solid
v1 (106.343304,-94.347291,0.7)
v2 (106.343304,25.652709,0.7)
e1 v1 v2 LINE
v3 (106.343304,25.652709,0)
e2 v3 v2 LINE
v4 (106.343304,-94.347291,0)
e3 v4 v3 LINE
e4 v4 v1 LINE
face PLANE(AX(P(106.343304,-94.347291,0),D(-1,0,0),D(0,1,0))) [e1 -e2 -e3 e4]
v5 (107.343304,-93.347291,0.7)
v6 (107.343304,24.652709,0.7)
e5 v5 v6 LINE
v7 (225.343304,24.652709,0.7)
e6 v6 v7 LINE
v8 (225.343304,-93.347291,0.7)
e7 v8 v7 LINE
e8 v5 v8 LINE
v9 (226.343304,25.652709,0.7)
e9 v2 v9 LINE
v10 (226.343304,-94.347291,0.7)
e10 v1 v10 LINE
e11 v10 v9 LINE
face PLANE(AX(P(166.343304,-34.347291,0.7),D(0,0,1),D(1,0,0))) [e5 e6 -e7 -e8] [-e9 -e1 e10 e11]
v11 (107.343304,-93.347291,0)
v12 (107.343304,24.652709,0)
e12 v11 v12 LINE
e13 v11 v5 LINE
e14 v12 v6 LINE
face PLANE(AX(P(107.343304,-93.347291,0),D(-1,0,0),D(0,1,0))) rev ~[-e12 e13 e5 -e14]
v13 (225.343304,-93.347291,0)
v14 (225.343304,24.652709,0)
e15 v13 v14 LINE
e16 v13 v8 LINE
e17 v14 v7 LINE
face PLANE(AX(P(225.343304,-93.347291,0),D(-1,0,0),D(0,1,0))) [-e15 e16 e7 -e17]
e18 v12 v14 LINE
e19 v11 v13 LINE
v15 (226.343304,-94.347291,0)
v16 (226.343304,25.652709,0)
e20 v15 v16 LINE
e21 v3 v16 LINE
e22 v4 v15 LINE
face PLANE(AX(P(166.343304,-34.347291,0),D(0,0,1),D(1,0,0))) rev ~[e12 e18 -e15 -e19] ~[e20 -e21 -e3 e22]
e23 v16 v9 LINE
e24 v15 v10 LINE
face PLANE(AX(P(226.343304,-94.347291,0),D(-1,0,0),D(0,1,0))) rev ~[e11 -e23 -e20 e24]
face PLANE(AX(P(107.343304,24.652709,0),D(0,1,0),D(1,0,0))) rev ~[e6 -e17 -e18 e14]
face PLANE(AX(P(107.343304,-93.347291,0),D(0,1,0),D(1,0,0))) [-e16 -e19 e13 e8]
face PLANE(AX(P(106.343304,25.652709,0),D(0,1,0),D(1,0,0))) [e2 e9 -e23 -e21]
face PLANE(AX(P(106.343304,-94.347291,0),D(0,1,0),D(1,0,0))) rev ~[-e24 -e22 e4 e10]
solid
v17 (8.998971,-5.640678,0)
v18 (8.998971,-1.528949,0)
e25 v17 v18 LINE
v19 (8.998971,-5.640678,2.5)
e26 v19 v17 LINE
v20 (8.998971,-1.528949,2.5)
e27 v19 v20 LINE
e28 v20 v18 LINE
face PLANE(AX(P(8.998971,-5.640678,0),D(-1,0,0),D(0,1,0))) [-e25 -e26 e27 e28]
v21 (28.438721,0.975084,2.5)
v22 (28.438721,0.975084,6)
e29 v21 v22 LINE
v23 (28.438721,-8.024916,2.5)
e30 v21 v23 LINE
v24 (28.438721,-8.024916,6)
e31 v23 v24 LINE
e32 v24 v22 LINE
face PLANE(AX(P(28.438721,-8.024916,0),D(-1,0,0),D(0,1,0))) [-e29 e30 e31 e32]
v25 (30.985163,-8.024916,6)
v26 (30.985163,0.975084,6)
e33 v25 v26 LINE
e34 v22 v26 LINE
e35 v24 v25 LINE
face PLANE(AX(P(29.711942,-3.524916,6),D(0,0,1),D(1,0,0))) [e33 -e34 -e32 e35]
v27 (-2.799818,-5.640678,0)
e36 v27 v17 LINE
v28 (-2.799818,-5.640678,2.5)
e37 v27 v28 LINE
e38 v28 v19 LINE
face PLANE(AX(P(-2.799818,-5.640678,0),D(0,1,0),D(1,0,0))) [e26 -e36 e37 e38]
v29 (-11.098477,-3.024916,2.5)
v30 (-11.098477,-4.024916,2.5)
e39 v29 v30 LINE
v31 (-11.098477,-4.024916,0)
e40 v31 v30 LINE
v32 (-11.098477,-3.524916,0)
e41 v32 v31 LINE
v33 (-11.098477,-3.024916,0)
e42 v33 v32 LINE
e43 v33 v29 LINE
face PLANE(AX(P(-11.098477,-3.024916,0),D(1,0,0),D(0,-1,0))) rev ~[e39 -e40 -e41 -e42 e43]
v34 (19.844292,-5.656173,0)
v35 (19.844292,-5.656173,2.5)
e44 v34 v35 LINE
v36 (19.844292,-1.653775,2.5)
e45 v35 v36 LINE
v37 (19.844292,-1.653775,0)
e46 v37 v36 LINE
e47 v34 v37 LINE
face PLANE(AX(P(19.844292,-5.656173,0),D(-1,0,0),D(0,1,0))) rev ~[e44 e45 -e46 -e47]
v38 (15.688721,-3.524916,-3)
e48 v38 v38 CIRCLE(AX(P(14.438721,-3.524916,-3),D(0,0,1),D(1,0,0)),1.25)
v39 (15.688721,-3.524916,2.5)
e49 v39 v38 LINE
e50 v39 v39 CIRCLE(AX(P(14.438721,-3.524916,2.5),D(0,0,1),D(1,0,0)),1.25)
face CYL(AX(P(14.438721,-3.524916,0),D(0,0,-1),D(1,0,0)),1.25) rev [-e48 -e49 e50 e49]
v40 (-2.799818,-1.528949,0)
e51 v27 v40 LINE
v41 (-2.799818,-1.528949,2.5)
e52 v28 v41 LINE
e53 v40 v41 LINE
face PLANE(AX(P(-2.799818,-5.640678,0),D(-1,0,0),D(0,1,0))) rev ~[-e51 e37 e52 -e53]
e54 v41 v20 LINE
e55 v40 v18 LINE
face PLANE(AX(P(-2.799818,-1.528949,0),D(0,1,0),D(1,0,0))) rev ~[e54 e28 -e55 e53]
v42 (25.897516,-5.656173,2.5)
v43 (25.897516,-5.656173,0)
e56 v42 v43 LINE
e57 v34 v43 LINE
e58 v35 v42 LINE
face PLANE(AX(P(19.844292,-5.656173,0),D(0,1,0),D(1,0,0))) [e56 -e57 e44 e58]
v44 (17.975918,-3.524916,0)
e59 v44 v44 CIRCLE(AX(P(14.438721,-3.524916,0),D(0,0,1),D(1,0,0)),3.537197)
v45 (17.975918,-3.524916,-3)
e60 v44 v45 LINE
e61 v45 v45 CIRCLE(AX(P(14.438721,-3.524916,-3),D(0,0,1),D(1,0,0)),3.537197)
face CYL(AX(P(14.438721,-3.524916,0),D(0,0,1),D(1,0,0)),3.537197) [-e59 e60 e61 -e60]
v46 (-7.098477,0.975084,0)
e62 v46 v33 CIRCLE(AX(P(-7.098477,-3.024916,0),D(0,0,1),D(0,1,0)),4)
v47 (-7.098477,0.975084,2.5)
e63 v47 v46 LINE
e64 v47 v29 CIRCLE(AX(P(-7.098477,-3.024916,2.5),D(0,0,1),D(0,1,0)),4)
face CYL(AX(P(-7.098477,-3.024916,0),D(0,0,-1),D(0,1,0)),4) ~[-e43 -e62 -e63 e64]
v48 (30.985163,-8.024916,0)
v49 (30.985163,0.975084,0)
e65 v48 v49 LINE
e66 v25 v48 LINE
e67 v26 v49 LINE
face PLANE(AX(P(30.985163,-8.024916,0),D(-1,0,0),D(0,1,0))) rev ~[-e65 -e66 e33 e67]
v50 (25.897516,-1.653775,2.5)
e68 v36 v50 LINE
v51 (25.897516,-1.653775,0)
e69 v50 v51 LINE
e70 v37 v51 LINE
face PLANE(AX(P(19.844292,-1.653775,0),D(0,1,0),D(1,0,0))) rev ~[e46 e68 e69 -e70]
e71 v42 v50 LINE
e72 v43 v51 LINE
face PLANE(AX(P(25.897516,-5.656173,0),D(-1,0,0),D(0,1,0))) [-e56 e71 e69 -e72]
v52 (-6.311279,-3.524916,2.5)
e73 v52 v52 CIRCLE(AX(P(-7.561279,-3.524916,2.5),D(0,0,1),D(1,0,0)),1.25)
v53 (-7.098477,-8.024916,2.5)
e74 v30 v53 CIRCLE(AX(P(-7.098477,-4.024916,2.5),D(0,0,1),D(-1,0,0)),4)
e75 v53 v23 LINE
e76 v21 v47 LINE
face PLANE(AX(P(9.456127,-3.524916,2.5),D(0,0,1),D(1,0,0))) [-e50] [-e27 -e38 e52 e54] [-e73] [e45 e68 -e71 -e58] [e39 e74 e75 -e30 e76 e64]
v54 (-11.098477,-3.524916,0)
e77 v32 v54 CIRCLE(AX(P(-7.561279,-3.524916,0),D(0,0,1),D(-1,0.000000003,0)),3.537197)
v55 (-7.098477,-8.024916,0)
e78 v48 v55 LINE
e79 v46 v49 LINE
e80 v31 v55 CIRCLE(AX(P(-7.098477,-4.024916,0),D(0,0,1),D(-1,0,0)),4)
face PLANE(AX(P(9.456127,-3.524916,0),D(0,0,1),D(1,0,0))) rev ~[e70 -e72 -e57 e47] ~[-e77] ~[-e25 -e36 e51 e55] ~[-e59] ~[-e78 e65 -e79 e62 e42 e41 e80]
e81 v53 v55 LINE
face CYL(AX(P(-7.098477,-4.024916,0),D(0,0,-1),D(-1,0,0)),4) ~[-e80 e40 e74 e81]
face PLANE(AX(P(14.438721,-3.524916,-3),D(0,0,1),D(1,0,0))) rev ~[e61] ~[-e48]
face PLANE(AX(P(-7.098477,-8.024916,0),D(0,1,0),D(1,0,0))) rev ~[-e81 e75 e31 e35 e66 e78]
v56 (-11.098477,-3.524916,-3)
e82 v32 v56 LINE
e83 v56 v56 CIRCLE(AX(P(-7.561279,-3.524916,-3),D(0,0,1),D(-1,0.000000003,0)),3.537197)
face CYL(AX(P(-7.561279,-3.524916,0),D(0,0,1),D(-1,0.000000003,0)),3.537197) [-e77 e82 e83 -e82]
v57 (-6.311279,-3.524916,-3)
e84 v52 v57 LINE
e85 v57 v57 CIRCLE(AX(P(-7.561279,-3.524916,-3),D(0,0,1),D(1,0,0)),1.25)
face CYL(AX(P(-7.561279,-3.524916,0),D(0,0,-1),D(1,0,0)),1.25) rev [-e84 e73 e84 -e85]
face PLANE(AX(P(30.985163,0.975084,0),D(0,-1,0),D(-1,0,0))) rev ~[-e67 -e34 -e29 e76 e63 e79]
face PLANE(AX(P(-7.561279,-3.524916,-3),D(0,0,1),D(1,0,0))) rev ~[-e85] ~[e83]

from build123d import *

# Parameters (mm, degrees)
F0_W     = 11.7987894919
F0_H     = 4.111728631
F0_R     = 3.5371973142
F0_W_2   = 6.053224206
F0_H_2   = 4.0023974143
F0_W_3   = 2.5464419901
F0_H_3   = 9
F0_R_2   = 1.25
F1_DEPTH = 2.5
F2_DEPTH = 3
F3_DEPTH = 6
F4_DEPTH = 0.7
F0_W_4   = 120
F0_H_4   = 120
F0_W_5   = 118
F0_H_5   = 118


with BuildPart() as f1:
    # F0 (on Top) → F1 (new body)
    with BuildSketch(Plane.XY):
        with BuildLine():
            Line((28.4387205392, -8.0249160528), (28.4387205392, 0.9750839472))
            Line((28.4387205392, 0.9750839472), (-7.098476775, 0.9750839472))
            ThreePointArc((-7.098476775, 0.9750839472), (-9.9269038998, -0.1964889281), (-11.098476775, -3.0249160528))
            Line((-11.098476775, -3.0249160528), (-11.098476775, -3.524916043))
            Line((-11.098476775, -3.524916043), (-11.098476775, -4.0249160528))
            ThreePointArc((-11.098476775, -4.0249160528), (-9.9269038998, -6.8533431776), (-7.098476775, -8.0249160528))
            Line((-7.098476775, -8.0249160528), (28.4387205392, -8.0249160528))
        make_face()
        with BuildLine():
            ThreePointArc((-4.0240821465, -3.5249160528), (-7.5612794657, -7.0621133671), (-11.098476775, -3.524916043))
            ThreePointArc((-11.098476775, -3.524916043), (-7.5612794559, 0.0122812614), (-4.0240821465, -3.5249160528))
        make_face(mode=Mode.SUBTRACT)
        with Locations((3.0995766865, -3.5848133266)):
            Rectangle(F0_W, F0_H, mode=Mode.SUBTRACT)
        with Locations((14.4387205392, -3.5249160528)):
            Circle(F0_R, mode=Mode.SUBTRACT)
        with Locations((22.8709038347, -3.6549738143)):
            Rectangle(F0_W_2, F0_H_2, mode=Mode.SUBTRACT)
        with Locations((29.7119415343, -3.5249160528)):
            Rectangle(F0_W_3, F0_H_3)
        with BuildLine():
            ThreePointArc((-4.0240821465, -3.5249160528), (-7.5612794559, 0.0122812614), (-11.098476775, -3.524916043))
            ThreePointArc((-11.098476775, -3.524916043), (-7.5612794657, -7.0621133671), (-4.0240821465, -3.5249160528))
        make_face()
        with Locations((-7.5612794608, -3.5249160528)):
            Circle(F0_R_2, mode=Mode.SUBTRACT)
        with Locations((14.4387205392, -3.5249160528)):
            Circle(F0_R)
        with Locations((14.4387205392, -3.5249160528)):
            Circle(F0_R_2, mode=Mode.SUBTRACT)
    extrude(amount=F1_DEPTH)

    # F0 (on Top) → F2 (join)
    with BuildSketch(Plane.XY):
        with BuildLine():
            ThreePointArc((-4.0240821465, -3.5249160528), (-7.5612794559, 0.0122812614), (-11.098476775, -3.524916043))
            ThreePointArc((-11.098476775, -3.524916043), (-7.5612794657, -7.0621133671), (-4.0240821465, -3.5249160528))
        make_face()
        with Locations((-7.5612794608, -3.5249160528)):
            Circle(F0_R_2, mode=Mode.SUBTRACT)
        with Locations((14.4387205392, -3.5249160528)):
            Circle(F0_R)
        with Locations((14.4387205392, -3.5249160528)):
            Circle(F0_R_2, mode=Mode.SUBTRACT)
    extrude(amount=-F2_DEPTH)

    # F0 (on Top) → F3 (join)
    with BuildSketch(Plane.XY):
        with Locations((29.7119415343, -3.5249160528)):
            Rectangle(F0_W_3, F0_H_3)
    extrude(amount=F3_DEPTH)

    # F0 (on Top) → F4 (join)
    with BuildSketch(Plane.XY):
        with BuildLine():
            Line((28.4387205392, -8.0249160528), (28.4387205392, 0.9750839472))
            Line((28.4387205392, 0.9750839472), (-7.098476775, 0.9750839472))
            ThreePointArc((-7.098476775, 0.9750839472), (-9.9269038998, -0.1964889281), (-11.098476775, -3.0249160528))
            Line((-11.098476775, -3.0249160528), (-11.098476775, -3.524916043))
            Line((-11.098476775, -3.524916043), (-11.098476775, -4.0249160528))
            ThreePointArc((-11.098476775, -4.0249160528), (-9.9269038998, -6.8533431776), (-7.098476775, -8.0249160528))
            Line((-7.098476775, -8.0249160528), (28.4387205392, -8.0249160528))
        make_face()
        with BuildLine():
            ThreePointArc((-4.0240821465, -3.5249160528), (-7.5612794657, -7.0621133671), (-11.098476775, -3.524916043))
            ThreePointArc((-11.098476775, -3.524916043), (-7.5612794559, 0.0122812614), (-4.0240821465, -3.5249160528))
        make_face(mode=Mode.SUBTRACT)
        with Locations((3.0995766865, -3.5848133266)):
            Rectangle(F0_W, F0_H, mode=Mode.SUBTRACT)
        with Locations((14.4387205392, -3.5249160528)):
            Circle(F0_R, mode=Mode.SUBTRACT)
        with Locations((22.8709038347, -3.6549738143)):
            Rectangle(F0_W_2, F0_H_2, mode=Mode.SUBTRACT)
        with BuildLine():
            ThreePointArc((-4.0240821465, -3.5249160528), (-7.5612794559, 0.0122812614), (-11.098476775, -3.524916043))
            ThreePointArc((-11.098476775, -3.524916043), (-7.5612794657, -7.0621133671), (-4.0240821465, -3.5249160528))
        make_face()
        with Locations((-7.5612794608, -3.5249160528)):
            Circle(F0_R_2, mode=Mode.SUBTRACT)
        with Locations((29.7119415343, -3.5249160528)):
            Rectangle(F0_W_3, F0_H_3)
    extrude(amount=F4_DEPTH)


with BuildPart() as f4:
    # F0 (on Top) → F4, piece 2 (new body)
    with BuildSketch(Plane.XY):
        with Locations((166.3433039188, -34.3472906947)):
            Rectangle(F0_W_4, F0_H_4)
        with Locations((166.3433039188, -34.3472906947)):
            Rectangle(F0_W_5, F0_H_5, mode=Mode.SUBTRACT)
    extrude(amount=F4_DEPTH)


solid = Compound([f1.part, f4.part])
